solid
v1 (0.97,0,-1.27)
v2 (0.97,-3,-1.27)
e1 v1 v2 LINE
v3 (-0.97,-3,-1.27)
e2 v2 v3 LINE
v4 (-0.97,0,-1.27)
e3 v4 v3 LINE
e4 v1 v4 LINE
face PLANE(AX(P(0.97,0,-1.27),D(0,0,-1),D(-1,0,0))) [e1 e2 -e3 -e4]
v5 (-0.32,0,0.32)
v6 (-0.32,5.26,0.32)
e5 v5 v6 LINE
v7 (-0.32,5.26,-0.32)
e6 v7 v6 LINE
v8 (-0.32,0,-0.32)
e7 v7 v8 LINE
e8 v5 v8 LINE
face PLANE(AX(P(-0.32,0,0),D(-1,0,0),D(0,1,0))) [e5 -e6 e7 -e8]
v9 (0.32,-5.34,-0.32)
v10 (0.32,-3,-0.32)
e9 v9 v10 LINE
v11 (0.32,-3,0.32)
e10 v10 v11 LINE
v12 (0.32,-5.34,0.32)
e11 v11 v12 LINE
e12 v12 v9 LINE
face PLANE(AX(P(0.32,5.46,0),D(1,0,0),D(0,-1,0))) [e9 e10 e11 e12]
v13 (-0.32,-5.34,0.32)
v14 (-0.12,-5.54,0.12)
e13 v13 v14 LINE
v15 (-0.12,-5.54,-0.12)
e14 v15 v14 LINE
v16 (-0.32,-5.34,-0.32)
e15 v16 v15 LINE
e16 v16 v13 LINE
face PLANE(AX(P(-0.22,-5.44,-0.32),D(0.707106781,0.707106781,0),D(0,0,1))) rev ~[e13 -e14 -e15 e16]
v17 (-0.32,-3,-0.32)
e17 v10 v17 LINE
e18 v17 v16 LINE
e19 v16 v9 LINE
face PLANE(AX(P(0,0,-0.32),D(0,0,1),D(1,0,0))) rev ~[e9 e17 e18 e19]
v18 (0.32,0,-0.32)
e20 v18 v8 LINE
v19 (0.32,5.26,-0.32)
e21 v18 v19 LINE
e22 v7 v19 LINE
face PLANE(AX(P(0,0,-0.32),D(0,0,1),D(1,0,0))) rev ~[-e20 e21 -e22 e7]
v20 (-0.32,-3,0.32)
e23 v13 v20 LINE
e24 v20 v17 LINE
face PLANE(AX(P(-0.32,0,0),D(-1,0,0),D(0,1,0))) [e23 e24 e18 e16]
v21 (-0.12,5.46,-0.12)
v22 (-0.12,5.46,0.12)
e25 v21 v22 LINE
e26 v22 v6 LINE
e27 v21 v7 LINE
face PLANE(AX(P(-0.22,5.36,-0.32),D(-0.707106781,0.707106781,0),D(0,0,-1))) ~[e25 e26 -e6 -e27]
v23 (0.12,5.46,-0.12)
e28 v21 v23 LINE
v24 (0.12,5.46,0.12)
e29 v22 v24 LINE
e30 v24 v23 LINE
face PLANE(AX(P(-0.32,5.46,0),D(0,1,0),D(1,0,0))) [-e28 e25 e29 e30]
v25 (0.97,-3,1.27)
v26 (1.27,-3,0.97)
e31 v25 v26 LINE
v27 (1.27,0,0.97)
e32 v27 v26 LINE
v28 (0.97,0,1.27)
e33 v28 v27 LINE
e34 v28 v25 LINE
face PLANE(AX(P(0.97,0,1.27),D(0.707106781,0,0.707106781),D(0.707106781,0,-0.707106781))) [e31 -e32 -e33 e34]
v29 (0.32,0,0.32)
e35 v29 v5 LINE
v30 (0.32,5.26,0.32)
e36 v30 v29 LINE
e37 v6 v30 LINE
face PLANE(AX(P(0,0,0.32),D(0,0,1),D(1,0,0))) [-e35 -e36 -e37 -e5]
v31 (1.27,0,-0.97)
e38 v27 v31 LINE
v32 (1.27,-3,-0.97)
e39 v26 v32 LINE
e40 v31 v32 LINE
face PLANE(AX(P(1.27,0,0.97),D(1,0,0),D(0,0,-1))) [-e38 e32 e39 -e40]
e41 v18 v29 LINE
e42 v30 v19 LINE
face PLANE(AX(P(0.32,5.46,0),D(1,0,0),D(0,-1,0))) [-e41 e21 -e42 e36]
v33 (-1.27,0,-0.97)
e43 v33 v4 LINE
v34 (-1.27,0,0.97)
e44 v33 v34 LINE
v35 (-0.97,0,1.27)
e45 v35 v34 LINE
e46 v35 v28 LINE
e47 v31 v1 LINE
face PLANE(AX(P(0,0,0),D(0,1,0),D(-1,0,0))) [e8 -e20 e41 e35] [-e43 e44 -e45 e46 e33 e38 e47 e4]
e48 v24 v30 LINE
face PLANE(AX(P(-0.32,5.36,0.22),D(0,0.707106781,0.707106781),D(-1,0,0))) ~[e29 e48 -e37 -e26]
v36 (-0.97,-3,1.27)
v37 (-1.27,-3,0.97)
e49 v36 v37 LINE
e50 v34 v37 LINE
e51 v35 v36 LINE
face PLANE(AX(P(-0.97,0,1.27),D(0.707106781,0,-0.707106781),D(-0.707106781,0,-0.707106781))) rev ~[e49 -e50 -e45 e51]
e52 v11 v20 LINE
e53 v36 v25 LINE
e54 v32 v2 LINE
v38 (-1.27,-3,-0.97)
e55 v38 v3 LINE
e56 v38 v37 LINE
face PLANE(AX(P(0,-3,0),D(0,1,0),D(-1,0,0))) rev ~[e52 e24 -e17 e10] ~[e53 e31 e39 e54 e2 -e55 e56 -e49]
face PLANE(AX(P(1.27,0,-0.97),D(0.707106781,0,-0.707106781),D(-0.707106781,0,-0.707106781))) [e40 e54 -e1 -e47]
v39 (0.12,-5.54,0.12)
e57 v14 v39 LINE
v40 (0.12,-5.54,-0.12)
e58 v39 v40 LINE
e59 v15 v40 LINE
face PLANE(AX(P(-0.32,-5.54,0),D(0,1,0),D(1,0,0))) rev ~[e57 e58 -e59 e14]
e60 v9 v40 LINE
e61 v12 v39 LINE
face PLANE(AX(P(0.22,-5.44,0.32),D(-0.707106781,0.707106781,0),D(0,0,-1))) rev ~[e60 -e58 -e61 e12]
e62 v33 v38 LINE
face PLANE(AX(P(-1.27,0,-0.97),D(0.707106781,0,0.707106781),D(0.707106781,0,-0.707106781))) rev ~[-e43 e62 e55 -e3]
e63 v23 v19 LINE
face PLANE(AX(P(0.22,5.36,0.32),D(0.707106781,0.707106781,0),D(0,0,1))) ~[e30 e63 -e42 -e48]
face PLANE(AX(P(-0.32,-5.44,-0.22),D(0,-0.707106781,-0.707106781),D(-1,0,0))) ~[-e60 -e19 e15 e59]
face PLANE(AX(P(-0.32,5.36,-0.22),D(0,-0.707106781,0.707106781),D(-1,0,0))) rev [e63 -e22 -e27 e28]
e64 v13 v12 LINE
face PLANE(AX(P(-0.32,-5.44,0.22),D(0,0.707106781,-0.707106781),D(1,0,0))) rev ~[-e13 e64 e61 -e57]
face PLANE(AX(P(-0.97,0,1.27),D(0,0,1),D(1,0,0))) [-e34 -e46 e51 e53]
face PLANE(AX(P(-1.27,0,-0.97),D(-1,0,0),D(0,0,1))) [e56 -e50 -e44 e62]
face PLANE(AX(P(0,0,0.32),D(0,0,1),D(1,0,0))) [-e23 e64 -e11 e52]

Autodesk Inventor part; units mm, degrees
ref_plane "YZ Plane" through (0, 0, 0) normal (1, 0, 0) x (0, 1, 0)
ref_plane "XZ Plane" through (0, 0, 0) normal (0, 1, 0) x (-1, 0, 0)
ref_plane "XY Plane" through (0, 0, 0) normal (0, 0, 1) x (1, 0, 0)
sketch "Boceto39" plane through (0, 0, 0) normal (0, 0, 1) x (1, 0, 0)
  line L0 (-0.32, 5.46) -> (0.32, 5.46)
  line L1 (0.32, 5.46) -> (0.32, 0)
  line L2 (0.32, 0) -> (-0.32, 0)
  line L3 (-0.32, 0) -> (-0.32, 5.46)
  line L4 (0.32, 0) -> (-0.32, 0)
  line L5 (-0.32, 0) -> (-0.32, -5.54)
  line L6 (-0.32, -5.54) -> (0.32, -5.54)
  line L7 (0.32, -5.54) -> (0.32, 0)
  point P0 (0, 0)
  point P1 (0, 5.46)
  point P2 (0, 0)
  dimension "d373" = 0.64
  dimension "d375" = 5.54
  dimension "d392" = 11
  dimension "d393" = 5.46
extrude "Extrusión13" add sketch "Boceto39" along normal mid plane 0.64
chamfer "Chaflán5" distance 0.2 angle 45 8 edges at (0.32, 5.46, 0) (0, 5.46, 0.32) (-0.32, 5.46, 0) (0, 5.46, -0.32) (-0.32, -5.54, 0) (0, -5.54, 0.32) (0.32, -5.54, 0) (0, -5.54, -0.32)
sketch "Boceto40" plane through (0, 0, 0) normal (0, 1, 0) x (-1, 0, 0)
  line L0 (-0.97, -1.27) -> (0.97, -1.27)
  line L1 (1.27, -0.97) -> (1.27, 0.97)
  line L2 (0.97, 1.27) -> (-0.97, 1.27)
  line L3 (-1.27, 0.97) -> (-1.27, -0.97)
  line L4 (-1.27, -0.97) -> (-0.97, -1.27)
  line L5 (1.27, -0.97) -> (0.97, -1.27)
  line L6 (0.97, 1.27) -> (1.27, 0.97)
  line L7 (-0.97, 1.27) -> (-1.27, 0.97)
  point P0 (0, 0)
  point P1 (-1.27, -1.27)
  point P2 (1.27, 1.27)
  point P3 (1.27, -1.27)
  point P4 (-1.27, 1.27)
  point P5 (0, -1.27)
  point P6 (-1.27, 0)
  dimension "d381" = 2.54
  dimension "d382" = 0.3
  dimension "d383" = 0.3
  dimension "d384" = 0.3
  dimension "d385" = 0.3
  dimension "d386" = 0.3
  dimension "d387" = 0.3
  dimension "d388" = 0.3
  dimension "d389" = 0.3
extrude "Extrusión14" add sketch "Boceto40" against normal blind 3
properties part number "CON-PIN-L11"
